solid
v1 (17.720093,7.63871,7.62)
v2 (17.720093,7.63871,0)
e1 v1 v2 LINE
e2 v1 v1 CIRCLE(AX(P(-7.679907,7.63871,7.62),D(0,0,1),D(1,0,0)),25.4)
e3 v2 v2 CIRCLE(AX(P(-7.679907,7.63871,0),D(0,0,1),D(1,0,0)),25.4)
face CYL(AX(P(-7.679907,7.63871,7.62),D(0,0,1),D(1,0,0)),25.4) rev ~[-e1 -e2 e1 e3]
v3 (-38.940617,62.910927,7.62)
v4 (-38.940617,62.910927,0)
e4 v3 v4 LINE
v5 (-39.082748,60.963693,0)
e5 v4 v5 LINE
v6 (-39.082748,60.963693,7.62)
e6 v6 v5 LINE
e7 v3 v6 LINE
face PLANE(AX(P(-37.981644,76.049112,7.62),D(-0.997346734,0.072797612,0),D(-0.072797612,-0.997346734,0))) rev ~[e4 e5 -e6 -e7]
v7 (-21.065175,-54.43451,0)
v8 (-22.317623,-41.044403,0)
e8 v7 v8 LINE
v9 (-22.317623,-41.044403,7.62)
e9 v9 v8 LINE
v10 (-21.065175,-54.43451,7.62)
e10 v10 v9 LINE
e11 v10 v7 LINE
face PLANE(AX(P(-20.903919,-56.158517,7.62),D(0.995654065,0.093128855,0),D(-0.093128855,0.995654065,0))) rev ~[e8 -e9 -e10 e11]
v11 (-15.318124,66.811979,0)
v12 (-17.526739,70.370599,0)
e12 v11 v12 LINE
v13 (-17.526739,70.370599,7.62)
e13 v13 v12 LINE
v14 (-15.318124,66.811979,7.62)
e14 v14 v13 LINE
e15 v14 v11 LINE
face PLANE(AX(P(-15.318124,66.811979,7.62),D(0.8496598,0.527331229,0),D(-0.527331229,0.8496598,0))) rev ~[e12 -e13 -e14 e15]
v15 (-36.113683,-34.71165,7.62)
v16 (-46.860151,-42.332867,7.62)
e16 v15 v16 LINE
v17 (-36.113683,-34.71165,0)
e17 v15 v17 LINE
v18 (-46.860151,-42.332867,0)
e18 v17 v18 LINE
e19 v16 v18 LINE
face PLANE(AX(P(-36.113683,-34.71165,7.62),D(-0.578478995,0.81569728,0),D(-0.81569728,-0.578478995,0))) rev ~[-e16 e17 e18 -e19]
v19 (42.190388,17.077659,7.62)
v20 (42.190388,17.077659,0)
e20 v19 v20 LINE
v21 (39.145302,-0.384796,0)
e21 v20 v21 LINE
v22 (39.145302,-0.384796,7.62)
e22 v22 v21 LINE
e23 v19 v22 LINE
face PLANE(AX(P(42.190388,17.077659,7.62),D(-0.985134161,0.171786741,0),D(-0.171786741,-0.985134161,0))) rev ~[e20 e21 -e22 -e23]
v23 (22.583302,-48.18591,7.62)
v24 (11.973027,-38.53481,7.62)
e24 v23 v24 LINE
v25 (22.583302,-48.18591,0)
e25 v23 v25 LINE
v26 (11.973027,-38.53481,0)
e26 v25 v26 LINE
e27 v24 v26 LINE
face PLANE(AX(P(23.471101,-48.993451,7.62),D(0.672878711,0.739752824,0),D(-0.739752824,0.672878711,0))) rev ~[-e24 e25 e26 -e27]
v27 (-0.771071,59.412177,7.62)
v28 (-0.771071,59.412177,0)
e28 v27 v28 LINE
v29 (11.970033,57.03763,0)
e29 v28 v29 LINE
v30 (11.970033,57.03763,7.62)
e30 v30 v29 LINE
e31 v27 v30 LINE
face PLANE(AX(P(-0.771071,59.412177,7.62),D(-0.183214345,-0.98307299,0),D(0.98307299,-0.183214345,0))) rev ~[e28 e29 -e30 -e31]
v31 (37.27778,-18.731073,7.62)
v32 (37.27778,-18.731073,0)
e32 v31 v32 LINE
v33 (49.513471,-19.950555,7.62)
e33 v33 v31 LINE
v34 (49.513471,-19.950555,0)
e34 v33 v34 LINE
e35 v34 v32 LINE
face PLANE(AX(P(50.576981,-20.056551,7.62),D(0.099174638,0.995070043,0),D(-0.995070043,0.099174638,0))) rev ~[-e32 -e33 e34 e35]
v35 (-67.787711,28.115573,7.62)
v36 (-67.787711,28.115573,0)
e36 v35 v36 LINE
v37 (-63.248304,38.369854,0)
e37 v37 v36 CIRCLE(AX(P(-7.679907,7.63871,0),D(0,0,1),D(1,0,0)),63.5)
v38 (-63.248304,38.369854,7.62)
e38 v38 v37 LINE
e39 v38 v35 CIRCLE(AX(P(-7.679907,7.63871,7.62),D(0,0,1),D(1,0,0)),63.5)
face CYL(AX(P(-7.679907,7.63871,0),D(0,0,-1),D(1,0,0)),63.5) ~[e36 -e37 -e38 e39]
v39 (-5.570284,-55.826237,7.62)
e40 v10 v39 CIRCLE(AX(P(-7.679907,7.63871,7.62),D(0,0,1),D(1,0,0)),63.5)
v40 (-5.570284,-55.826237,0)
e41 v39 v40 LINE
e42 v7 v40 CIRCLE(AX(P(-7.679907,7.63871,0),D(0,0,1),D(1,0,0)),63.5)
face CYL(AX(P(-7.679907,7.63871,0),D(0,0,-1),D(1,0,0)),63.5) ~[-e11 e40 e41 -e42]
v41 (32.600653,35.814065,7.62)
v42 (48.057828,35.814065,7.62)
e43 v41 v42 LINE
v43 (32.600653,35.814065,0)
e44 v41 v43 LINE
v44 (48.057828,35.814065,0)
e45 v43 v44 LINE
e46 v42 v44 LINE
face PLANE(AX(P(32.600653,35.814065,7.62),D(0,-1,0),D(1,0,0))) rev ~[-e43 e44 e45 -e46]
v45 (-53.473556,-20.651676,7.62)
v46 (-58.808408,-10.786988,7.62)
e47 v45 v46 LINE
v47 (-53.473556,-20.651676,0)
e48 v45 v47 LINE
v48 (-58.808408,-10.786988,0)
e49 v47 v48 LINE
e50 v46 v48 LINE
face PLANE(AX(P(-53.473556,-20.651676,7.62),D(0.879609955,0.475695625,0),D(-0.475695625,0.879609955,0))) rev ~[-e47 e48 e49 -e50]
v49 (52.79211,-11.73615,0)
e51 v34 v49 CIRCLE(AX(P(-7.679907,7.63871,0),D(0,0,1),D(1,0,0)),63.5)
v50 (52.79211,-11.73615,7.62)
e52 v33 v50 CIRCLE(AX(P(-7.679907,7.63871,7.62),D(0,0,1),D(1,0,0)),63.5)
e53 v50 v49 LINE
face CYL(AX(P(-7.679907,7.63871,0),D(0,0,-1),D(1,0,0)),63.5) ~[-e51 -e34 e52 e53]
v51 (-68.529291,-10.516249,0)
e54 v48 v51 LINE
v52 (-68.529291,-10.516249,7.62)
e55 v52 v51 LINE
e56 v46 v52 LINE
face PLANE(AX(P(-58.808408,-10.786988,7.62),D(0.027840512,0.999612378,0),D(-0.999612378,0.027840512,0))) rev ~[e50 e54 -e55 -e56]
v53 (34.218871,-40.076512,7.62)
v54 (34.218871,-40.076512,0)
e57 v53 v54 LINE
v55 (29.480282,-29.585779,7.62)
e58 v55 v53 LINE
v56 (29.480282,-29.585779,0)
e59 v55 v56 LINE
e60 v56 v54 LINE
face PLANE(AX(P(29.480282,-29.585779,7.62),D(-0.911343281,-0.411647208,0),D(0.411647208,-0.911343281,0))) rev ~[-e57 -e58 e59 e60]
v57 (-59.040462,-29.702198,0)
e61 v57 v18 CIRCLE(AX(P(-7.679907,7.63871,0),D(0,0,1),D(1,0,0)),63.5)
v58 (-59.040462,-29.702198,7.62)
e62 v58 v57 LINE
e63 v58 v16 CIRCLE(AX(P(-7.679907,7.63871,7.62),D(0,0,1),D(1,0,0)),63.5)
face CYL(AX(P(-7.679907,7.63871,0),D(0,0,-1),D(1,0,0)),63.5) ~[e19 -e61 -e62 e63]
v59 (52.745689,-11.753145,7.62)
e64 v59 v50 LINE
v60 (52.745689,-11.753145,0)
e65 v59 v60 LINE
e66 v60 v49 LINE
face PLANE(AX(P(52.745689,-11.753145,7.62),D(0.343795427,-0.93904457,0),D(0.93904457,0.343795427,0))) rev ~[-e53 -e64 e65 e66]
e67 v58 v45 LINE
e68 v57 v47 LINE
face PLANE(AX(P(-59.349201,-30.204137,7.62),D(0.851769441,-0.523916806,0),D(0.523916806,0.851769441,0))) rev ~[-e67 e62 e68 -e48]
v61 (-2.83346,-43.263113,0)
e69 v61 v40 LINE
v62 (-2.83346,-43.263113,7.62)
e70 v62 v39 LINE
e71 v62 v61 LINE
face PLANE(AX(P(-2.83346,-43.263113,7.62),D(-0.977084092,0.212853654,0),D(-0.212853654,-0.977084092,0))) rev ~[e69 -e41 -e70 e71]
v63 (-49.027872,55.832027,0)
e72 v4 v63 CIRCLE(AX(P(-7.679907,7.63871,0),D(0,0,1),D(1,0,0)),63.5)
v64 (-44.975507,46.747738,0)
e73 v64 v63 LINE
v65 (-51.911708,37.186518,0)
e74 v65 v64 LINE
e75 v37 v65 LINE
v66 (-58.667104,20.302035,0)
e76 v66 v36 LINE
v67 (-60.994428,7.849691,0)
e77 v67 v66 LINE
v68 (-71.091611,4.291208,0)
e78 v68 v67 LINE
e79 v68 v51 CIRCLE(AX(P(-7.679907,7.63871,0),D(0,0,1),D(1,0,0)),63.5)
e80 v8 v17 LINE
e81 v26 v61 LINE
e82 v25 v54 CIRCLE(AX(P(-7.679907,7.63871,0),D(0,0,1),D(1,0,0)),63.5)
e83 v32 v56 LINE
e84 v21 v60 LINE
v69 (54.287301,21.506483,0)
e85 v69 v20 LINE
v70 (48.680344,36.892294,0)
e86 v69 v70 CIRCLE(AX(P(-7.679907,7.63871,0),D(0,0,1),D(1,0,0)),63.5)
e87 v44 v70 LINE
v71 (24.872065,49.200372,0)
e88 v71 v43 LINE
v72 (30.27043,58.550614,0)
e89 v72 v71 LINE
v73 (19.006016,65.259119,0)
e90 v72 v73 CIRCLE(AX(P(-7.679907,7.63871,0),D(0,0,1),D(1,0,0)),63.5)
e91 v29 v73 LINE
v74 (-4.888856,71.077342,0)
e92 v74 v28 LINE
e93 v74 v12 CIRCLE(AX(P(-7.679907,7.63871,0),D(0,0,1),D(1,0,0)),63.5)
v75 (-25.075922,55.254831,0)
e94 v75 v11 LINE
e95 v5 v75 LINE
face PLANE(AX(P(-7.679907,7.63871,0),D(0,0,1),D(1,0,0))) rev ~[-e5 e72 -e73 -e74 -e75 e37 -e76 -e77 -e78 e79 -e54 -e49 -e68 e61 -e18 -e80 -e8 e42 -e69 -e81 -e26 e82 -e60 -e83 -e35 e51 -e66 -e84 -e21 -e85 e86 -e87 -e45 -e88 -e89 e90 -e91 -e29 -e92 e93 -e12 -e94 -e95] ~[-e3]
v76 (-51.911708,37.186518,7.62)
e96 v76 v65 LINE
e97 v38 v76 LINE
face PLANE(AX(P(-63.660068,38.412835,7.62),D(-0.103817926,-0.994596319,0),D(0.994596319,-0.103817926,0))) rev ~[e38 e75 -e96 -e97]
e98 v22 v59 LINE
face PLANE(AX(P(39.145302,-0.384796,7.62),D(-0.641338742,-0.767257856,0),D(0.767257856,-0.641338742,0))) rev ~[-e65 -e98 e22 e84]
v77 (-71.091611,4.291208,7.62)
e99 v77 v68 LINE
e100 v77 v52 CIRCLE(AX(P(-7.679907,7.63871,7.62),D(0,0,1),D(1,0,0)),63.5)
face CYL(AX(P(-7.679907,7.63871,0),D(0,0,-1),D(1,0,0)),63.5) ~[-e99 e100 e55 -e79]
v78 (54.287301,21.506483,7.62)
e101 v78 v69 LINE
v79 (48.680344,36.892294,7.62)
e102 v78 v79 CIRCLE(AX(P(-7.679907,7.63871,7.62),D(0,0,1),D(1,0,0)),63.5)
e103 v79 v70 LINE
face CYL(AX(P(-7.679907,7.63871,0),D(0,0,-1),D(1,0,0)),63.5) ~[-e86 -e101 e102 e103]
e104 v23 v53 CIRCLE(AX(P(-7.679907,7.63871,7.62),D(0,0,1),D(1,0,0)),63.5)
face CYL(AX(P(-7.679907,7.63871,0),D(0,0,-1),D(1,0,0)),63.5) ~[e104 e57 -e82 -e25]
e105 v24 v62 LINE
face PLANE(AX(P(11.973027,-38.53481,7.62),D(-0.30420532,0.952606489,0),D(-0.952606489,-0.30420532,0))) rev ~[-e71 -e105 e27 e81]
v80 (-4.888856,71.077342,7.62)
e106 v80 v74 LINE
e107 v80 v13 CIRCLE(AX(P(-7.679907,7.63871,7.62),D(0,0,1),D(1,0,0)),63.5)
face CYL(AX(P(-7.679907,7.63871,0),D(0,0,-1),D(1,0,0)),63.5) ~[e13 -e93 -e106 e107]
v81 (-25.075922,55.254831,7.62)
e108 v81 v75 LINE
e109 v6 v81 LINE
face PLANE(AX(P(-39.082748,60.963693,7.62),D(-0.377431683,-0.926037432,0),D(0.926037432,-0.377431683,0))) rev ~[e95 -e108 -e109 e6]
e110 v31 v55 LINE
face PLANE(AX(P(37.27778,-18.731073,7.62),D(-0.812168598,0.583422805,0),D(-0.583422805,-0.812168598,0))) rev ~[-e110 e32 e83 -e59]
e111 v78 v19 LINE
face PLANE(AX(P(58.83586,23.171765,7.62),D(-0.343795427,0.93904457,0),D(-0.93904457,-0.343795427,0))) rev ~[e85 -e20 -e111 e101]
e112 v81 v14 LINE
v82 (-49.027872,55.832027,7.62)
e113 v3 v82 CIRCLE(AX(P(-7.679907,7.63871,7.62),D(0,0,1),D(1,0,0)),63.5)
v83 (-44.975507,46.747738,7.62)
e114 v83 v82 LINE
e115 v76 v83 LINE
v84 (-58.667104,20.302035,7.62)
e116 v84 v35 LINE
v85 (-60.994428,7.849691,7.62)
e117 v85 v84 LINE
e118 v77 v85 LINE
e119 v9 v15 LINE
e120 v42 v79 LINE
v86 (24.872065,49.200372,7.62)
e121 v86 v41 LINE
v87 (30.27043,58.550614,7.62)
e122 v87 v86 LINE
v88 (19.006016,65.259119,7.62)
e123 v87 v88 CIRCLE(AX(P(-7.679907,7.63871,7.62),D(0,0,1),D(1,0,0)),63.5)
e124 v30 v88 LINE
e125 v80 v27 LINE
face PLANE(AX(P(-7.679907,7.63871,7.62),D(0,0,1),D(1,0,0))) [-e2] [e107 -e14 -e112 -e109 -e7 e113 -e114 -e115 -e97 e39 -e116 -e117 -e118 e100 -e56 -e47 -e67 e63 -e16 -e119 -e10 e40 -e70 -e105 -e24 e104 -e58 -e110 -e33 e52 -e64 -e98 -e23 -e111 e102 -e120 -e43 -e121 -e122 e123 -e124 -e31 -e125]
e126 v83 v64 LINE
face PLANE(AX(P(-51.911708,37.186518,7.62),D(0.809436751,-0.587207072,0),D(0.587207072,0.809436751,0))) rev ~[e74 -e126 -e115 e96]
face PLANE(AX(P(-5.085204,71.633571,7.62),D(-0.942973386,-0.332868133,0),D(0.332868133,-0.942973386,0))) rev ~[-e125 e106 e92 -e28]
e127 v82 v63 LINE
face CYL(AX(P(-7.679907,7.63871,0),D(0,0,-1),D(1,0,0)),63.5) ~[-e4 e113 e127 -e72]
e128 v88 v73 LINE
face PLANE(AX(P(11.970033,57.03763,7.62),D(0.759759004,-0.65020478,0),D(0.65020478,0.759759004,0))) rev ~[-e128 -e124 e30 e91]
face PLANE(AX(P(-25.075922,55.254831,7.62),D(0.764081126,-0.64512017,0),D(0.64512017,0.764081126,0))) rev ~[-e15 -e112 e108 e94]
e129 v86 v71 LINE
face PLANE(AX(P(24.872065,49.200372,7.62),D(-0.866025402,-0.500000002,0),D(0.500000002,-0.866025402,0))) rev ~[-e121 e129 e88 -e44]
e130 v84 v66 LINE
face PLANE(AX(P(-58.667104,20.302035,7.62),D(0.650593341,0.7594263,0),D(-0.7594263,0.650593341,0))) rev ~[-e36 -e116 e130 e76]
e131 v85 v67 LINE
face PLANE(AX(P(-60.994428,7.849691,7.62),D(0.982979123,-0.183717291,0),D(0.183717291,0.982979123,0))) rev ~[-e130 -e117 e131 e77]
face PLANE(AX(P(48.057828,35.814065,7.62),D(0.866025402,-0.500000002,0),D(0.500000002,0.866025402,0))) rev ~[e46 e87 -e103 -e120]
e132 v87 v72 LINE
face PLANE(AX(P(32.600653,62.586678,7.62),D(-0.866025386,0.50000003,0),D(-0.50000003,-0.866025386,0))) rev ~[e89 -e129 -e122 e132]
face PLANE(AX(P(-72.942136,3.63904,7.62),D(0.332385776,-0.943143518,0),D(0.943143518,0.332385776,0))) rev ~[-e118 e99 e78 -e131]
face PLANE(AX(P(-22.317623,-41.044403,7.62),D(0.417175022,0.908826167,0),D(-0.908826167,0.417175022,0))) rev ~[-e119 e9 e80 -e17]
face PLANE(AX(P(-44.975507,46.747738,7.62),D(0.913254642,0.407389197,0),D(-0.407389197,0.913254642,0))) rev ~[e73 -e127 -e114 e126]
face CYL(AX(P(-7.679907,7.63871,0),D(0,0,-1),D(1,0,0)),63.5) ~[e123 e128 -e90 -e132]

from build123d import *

# Parameters (mm, degrees)
F0_R     = 63.5
F1_DEPTH = 7.62
F2_R     = 25.4
F3_DEPTH = 10.16
F5_DEPTH = 25.4


with BuildPart() as f1:
    # F0 (on Top) → F1 (new body)
    with BuildSketch(Plane.XY):
        with Locations((-7.679907, 7.63871)):
            Circle(F0_R)
    extrude(amount=F1_DEPTH)

    # F2 (on face) → F3 (cut)
    with BuildSketch(Plane.XY.offset(7.62)):
        with Locations((-7.679907, 7.63871)):
            Circle(F2_R)
    extrude(amount=-F3_DEPTH, mode=Mode.SUBTRACT)

    # F4 (on face) → F5 (cut)
    with BuildSketch(Plane.XY.offset(7.62)):
        Polygon((-70.018905, -10.474761), (-75.894549, -20.027222), (-70.559698, -29.89191), (-59.349201, -30.204137), (-53.473556, -20.651676), (-58.808408, -10.786988), align=None)
        Polygon((-72.942136, 3.63904), (-60.994428, 7.849691), (-58.667104, 20.302035), (-68.287489, 28.543728), (-80.235197, 24.333077), (-82.562521, 11.880733), align=None)
        Polygon((-63.660068, 38.412835), (-51.911708, 37.186518), (-44.975507, 46.747738), (-49.787665, 57.535274), (-61.536025, 58.761591), (-68.472226, 49.200372), align=None)
        Polygon((-23.294299, 79.663551), (-37.981644, 76.049112), (-39.082748, 60.963693), (-25.075922, 55.254831), (-15.318124, 66.811979), align=None)
        Polygon((-47.082333, -58.607126), (-33.286273, -64.939879), (-20.903919, -56.158517), (-22.317623, -41.044403), (-36.113683, -34.71165), (-48.496038, -43.493011), align=None)
        Polygon((5.356202, -68.9087), (20.162689, -64.180396), (23.471101, -48.993451), (11.973027, -38.53481), (-2.83346, -43.263113), (-6.141872, -58.450058), align=None)
        Polygon((34.981984, -41.765964), (48.281185, -43.091442), (56.078684, -32.236736), (50.576981, -20.056551), (37.27778, -18.731073), (29.480282, -29.585779), align=None)
        Polygon((52.745689, -11.753145), (69.391161, -5.659039), (72.436247, 11.803416), (58.83586, 23.171765), (42.190388, 17.077659), (39.145302, -0.384796), align=None)
        Polygon((48.057828, 35.814065), (55.786416, 49.200372), (48.057828, 62.586678), (32.600653, 62.586678), (24.872065, 49.200372), (32.600653, 35.814065), align=None)
        Polygon((20.397003, 66.884476), (16.08287, 79.105869), (3.341766, 81.480417), (-5.085204, 71.633571), (-0.771071, 59.412177), (11.970033, 57.03763), align=None)
    extrude(amount=-F5_DEPTH, mode=Mode.SUBTRACT)


solid = f1.part
